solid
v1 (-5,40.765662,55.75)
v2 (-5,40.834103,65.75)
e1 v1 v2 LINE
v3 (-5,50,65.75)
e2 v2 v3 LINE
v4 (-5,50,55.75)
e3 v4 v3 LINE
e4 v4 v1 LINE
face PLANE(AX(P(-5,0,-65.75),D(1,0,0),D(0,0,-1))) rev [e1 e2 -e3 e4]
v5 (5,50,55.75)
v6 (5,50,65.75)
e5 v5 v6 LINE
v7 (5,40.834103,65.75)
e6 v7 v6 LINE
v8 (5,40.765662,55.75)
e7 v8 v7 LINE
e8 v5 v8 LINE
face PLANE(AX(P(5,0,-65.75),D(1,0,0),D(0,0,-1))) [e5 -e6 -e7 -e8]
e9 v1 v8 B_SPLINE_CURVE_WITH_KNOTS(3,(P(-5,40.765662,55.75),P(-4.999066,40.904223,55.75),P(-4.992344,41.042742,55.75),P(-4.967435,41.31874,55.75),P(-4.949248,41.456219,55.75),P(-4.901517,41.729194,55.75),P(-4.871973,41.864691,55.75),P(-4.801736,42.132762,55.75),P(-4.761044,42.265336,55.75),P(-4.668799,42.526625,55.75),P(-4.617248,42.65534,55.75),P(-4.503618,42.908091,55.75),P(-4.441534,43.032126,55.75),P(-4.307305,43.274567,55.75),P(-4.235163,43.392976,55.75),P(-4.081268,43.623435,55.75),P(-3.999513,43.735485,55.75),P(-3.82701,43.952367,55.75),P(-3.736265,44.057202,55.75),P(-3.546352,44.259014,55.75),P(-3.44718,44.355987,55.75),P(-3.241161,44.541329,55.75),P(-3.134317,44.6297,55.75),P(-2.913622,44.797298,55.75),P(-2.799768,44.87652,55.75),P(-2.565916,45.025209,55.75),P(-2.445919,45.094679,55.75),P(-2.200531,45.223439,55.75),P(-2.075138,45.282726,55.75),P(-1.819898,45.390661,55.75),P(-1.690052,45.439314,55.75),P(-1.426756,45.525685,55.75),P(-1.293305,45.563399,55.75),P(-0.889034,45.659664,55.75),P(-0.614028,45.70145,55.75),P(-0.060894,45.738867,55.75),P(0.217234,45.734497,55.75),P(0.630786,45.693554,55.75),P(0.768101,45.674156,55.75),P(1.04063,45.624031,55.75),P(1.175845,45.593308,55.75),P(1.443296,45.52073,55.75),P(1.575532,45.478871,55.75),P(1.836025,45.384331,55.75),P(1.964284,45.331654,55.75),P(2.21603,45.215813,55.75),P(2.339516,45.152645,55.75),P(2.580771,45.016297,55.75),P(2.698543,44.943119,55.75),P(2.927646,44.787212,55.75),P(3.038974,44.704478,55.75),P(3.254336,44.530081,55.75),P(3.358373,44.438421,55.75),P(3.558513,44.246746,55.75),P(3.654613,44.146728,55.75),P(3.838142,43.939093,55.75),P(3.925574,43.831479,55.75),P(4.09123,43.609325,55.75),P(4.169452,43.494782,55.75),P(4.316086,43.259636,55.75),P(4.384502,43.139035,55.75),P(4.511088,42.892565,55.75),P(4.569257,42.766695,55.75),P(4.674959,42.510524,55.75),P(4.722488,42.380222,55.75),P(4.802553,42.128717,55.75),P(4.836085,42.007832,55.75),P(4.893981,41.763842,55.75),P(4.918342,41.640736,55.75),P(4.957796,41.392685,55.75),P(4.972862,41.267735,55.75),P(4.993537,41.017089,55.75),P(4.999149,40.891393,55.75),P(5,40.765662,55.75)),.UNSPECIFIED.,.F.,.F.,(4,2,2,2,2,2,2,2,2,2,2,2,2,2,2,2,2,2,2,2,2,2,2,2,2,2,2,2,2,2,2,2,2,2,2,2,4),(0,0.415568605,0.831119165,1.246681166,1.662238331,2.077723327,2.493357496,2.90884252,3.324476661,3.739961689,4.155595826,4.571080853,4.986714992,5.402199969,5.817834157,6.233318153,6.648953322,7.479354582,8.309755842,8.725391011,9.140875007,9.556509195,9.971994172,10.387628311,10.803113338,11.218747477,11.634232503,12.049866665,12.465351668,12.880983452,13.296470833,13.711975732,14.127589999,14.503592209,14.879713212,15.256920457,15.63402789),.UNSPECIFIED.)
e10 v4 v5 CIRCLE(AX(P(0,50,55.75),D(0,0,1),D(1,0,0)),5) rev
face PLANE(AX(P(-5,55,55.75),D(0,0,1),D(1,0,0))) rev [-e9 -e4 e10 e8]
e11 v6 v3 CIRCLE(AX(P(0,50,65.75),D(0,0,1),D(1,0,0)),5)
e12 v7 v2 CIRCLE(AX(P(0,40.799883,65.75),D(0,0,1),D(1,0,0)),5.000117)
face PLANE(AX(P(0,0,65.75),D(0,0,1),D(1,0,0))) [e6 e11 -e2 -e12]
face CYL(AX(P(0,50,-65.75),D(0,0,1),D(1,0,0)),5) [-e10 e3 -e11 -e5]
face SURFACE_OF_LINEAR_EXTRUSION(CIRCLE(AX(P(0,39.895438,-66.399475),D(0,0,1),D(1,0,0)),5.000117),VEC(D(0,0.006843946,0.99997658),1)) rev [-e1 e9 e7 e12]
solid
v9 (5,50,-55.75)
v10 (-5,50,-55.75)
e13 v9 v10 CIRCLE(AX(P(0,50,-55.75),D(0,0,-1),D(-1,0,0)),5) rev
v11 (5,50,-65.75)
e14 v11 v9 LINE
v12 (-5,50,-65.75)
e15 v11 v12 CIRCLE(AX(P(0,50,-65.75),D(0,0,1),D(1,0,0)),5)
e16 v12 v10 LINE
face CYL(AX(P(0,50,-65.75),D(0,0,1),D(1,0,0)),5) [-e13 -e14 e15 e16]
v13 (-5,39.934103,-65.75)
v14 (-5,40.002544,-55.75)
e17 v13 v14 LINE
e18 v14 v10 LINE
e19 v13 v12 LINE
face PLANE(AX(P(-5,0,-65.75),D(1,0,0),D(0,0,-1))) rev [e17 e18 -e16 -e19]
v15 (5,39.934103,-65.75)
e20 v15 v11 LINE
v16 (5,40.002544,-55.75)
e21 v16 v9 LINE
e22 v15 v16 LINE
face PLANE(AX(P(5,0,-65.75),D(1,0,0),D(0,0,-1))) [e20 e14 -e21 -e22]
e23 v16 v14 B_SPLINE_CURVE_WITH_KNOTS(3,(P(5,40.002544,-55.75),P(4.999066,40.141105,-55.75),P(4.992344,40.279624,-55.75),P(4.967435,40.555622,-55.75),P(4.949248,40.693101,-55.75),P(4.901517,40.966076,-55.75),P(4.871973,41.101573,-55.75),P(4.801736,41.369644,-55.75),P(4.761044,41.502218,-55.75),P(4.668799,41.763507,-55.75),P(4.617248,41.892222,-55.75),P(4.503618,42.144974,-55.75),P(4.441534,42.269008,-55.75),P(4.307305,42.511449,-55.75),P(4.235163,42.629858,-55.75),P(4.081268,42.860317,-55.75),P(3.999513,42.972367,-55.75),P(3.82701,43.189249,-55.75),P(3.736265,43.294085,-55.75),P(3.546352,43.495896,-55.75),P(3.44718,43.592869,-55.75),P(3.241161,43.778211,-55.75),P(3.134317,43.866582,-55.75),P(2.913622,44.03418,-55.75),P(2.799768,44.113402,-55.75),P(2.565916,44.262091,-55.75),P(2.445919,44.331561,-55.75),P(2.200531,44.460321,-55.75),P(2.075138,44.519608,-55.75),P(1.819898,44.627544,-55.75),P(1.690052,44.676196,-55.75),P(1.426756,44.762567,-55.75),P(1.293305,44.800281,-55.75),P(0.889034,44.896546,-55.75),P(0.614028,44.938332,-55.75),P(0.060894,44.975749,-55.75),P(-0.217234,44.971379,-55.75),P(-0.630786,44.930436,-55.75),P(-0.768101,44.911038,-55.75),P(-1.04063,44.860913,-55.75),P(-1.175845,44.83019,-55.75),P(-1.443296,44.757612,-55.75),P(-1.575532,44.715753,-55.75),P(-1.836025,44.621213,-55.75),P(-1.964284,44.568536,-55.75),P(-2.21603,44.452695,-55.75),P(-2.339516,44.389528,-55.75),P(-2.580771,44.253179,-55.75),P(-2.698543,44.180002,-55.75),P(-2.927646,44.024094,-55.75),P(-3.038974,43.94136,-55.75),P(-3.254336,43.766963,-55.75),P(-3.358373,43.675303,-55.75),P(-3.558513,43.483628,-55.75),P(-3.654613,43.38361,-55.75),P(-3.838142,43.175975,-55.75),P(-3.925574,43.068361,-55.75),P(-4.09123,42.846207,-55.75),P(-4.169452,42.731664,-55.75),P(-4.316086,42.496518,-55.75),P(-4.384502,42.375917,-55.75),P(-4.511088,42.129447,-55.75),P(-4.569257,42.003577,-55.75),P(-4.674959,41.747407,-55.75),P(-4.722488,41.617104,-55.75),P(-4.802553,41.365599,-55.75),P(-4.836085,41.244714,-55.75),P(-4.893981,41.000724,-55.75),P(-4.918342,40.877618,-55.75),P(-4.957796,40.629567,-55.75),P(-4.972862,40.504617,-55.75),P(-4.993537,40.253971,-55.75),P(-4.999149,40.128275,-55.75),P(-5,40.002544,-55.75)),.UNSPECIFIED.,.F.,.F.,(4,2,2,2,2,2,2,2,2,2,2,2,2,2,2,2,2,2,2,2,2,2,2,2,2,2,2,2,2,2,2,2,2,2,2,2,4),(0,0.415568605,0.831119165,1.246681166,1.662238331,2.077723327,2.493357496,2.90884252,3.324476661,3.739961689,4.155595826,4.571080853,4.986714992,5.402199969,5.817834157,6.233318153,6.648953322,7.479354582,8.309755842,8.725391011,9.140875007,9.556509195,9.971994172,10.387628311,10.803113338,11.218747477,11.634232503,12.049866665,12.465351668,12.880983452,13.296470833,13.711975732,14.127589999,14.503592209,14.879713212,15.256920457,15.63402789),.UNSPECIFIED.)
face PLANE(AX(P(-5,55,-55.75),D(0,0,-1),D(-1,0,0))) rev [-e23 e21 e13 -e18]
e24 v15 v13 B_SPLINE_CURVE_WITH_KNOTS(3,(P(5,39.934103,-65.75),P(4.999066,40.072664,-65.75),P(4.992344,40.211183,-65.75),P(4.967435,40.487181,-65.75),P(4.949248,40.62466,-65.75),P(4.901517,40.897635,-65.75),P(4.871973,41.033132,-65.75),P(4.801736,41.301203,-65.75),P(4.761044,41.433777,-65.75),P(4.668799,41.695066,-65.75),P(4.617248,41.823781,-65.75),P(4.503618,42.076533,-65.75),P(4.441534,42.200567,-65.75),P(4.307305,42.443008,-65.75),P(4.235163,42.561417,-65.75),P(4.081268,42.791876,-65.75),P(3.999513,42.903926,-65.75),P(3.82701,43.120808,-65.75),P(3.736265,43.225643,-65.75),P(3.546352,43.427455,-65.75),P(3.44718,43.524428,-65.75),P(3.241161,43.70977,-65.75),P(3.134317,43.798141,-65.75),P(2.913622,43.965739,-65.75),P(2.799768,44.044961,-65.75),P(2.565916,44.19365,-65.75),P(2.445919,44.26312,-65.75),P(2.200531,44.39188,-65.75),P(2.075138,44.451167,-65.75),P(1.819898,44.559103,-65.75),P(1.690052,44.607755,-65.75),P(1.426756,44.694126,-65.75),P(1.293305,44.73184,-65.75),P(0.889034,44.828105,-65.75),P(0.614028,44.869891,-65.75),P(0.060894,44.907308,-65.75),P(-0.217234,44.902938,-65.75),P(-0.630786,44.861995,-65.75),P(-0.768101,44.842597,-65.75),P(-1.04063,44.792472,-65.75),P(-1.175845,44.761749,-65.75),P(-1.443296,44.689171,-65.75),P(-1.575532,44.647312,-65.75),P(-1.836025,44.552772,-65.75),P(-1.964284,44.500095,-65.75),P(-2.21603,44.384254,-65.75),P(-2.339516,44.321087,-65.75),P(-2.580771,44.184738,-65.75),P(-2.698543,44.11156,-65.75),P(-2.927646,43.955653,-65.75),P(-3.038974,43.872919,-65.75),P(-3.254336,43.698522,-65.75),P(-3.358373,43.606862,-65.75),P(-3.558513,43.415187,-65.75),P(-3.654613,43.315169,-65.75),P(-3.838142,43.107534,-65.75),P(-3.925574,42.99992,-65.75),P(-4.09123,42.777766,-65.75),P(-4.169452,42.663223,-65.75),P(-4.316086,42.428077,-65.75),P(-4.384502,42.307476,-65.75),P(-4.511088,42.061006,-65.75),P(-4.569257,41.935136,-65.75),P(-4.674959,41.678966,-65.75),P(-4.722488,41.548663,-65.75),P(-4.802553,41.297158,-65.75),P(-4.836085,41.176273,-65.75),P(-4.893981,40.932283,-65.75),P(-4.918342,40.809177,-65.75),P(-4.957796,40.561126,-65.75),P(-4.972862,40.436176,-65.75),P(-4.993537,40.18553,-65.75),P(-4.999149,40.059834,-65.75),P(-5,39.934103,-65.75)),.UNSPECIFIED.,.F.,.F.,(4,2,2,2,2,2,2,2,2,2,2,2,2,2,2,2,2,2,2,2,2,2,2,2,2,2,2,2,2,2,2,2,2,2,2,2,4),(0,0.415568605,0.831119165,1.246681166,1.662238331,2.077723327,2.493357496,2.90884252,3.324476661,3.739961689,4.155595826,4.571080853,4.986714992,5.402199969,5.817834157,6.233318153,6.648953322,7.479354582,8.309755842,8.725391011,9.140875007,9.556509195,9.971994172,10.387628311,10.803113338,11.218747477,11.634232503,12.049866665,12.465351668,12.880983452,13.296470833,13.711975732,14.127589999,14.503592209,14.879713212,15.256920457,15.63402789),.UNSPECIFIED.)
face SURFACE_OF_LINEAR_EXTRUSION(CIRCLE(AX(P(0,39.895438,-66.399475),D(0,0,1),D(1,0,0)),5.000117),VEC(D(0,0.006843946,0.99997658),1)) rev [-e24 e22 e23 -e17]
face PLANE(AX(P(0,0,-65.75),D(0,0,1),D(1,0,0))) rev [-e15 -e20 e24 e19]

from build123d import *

# Parameters (mm, degrees)
BOSS_EXTRUDE2_DEPTH      = 65.75
BOSS_EXTRUDE2_DEPTH_BACK = 65.75
CUT_EXTRUDE1_DEPTH       = 143.629623671
CUT_EXTRUDE2_DEPTH       = 86.866539031
CUT_EXTRUDE2_DEPTH_BACK  = 86.866539031
SKETCH6_W                = 111.5
SKETCH6_H                = 20


with BuildPart() as part:
    # Sketch2 → Boss-Extrude2 (new, two sides: drawn at the far end of the back side and taken through both)
    with BuildSketch(Plane.XY.offset(-BOSS_EXTRUDE2_DEPTH_BACK)):
        with BuildLine():
            ThreePointArc((-5, -50), (0, -45), (5, -50))
            Line((5, -50), (5, 50))
            ThreePointArc((5, 50), (0, 55), (-5, 50))
            Line((-5, 50), (-5, -50))
        make_face()
    extrude(amount=BOSS_EXTRUDE2_DEPTH + BOSS_EXTRUDE2_DEPTH_BACK)

    # Sketch5 → Cut-Extrude1 (cut, through all, along a direction that is not the sketch's normal)
    with BuildSketch(Plane.XY.offset(65.75)):
        with BuildLine():
            ThreePointArc((-5, -50), (0, -45), (5, -50))
            Line((5, -50), (5, 40.834103429))
            ThreePointArc((5, 40.834103429), (0, 45.8), (-5, 40.834103429))
            Line((-5, 40.834103429), (-5, -50))
        make_face()
    extrude(amount=-CUT_EXTRUDE1_DEPTH, dir=(0, 0.00684394617439934, 0.999976579926131), mode=Mode.SUBTRACT)

    # Sketch6 → Cut-Extrude2 (cut, two sides: drawn at the far end of the back side and taken through both)
    with BuildSketch(Plane(origin=(0, 0, 0), x_dir=(0, 0, -1), z_dir=(1, 0, 0)).offset(-CUT_EXTRUDE2_DEPTH_BACK)):
        with Locations((0, 45)):
            Rectangle(SKETCH6_W, SKETCH6_H)
    extrude(amount=CUT_EXTRUDE2_DEPTH + CUT_EXTRUDE2_DEPTH_BACK, mode=Mode.SUBTRACT)


with BuildPart() as cut_extrude2_piece_1:
    # of the separate pieces the step leaves, piece 1, a body of its own (cut_extrude2_pieces)
    add(part.part.solids().sort_by_distance((-5, 50, -55.75))[0])


with BuildPart() as cut_extrude2_piece_2:
    # of the separate pieces the step leaves, piece 2, a body of its own (cut_extrude2_pieces)
    add(part.part.solids().sort_by_distance((-5, 50, 65.75))[0])


solid = Compound([cut_extrude2_piece_1.part, cut_extrude2_piece_2.part])
